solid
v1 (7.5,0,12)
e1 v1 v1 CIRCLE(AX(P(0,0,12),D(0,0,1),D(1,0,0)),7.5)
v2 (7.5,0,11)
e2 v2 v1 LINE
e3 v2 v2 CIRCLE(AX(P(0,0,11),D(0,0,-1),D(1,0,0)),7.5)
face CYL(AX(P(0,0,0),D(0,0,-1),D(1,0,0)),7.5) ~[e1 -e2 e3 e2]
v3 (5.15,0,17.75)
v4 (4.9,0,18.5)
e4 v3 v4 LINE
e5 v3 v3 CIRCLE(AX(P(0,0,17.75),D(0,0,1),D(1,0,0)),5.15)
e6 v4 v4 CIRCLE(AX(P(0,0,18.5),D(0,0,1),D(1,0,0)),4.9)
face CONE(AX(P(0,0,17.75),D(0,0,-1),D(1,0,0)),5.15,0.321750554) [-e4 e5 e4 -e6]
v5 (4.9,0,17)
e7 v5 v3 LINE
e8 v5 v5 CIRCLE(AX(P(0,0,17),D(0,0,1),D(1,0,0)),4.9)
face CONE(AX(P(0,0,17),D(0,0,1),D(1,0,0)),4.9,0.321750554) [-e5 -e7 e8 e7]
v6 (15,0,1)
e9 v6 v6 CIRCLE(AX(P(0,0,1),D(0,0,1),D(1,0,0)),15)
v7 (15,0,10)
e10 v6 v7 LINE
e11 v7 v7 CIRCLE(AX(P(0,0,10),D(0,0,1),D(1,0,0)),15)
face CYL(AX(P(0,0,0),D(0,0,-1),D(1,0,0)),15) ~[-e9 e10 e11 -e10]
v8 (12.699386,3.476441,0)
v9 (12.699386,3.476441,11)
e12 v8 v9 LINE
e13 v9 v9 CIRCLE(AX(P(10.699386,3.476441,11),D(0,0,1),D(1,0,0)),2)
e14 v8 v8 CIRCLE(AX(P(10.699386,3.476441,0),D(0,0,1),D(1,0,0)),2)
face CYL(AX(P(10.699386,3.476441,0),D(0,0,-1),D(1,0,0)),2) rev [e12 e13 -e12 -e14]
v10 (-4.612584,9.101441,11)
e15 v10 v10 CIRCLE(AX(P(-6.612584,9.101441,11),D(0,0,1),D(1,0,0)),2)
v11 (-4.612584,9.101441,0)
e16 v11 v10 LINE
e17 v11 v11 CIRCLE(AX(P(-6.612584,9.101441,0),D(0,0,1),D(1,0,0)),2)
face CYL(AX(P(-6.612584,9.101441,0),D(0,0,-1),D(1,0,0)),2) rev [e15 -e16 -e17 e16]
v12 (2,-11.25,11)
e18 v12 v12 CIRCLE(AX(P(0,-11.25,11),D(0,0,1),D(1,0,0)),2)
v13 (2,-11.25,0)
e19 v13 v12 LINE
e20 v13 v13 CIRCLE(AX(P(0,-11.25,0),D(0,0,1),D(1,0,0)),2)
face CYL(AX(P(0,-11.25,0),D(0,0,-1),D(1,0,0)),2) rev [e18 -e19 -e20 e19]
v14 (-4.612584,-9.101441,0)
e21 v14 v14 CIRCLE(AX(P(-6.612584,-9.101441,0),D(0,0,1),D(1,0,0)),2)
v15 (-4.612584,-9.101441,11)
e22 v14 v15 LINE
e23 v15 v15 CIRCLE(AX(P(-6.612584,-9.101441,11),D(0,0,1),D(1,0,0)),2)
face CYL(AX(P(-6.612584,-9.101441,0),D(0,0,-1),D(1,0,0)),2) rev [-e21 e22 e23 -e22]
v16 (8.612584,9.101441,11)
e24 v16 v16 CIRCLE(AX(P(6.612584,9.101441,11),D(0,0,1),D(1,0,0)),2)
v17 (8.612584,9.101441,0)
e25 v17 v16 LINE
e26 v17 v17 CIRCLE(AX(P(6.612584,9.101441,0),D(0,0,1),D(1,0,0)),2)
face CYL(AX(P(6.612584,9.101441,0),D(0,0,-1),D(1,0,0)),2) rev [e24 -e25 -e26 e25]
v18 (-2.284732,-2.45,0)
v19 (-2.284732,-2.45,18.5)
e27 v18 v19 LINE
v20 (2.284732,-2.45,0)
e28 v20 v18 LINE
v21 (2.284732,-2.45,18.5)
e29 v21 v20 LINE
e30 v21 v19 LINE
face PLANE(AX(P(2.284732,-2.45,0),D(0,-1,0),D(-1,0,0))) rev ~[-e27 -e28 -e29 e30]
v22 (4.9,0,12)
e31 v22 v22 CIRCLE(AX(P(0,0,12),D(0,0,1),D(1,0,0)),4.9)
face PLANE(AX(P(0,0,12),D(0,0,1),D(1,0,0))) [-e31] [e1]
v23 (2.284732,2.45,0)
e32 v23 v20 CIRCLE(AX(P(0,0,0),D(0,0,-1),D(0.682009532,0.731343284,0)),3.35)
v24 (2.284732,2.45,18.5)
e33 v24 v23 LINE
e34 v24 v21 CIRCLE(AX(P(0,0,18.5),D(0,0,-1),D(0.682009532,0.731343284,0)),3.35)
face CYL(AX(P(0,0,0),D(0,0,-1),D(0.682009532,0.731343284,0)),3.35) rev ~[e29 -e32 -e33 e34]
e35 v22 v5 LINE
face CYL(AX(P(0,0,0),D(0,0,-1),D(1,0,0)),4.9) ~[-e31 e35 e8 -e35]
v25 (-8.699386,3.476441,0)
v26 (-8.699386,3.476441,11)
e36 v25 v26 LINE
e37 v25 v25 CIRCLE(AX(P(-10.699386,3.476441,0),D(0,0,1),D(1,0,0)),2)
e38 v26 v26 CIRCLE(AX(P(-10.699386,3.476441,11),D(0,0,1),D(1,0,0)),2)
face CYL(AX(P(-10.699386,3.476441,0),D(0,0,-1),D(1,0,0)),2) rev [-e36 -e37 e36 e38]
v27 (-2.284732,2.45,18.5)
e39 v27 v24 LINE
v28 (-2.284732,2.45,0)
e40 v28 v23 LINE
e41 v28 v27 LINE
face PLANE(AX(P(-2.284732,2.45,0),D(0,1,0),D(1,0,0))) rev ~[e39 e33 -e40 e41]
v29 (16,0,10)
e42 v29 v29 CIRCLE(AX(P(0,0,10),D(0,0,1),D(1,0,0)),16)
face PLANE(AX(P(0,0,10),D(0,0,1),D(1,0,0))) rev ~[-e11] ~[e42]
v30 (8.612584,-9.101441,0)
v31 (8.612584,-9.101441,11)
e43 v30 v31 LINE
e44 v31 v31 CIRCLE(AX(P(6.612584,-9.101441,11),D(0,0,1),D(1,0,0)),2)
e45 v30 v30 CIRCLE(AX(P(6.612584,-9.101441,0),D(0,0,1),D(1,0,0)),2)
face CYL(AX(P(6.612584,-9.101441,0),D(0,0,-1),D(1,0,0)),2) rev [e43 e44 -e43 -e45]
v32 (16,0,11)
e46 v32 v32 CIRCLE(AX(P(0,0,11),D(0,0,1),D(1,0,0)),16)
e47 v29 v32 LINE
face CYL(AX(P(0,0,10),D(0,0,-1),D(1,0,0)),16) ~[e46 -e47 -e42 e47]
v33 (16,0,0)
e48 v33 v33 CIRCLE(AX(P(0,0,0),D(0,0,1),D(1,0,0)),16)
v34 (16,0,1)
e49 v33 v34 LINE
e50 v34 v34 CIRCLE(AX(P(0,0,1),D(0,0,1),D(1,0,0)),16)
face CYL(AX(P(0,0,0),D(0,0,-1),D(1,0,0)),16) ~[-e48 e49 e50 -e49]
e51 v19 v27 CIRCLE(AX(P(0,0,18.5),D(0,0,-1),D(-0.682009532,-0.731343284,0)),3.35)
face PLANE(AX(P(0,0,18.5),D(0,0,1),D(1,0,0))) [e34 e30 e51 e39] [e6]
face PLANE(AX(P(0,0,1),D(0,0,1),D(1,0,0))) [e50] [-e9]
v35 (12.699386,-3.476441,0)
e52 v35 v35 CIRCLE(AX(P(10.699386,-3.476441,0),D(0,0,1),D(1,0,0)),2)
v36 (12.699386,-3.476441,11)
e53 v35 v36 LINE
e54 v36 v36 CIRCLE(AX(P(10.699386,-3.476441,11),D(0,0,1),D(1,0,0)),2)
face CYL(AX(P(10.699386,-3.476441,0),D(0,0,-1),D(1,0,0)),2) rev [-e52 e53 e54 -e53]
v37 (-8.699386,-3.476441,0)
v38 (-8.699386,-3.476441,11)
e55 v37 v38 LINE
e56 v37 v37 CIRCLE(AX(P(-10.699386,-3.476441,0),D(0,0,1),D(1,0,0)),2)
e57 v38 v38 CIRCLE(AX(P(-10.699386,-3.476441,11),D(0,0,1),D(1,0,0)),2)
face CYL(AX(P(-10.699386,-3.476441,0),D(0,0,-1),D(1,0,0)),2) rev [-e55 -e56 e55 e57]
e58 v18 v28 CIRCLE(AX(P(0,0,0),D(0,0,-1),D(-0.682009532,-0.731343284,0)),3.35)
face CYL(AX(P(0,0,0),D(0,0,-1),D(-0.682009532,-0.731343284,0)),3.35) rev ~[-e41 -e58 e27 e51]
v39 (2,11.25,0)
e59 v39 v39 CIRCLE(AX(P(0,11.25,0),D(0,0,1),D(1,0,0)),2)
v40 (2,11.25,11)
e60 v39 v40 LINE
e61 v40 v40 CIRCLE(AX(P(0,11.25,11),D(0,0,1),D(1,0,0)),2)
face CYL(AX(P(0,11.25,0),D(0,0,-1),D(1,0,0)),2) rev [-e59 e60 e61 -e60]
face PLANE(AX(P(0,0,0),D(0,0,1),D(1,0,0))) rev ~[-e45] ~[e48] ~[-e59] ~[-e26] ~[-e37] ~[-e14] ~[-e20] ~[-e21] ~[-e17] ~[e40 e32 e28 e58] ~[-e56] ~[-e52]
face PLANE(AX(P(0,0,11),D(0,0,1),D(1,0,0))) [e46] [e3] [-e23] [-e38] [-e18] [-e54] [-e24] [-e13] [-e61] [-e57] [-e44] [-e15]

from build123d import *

# Parameters (mm, degrees)
F2_R         = 15
F2_R_2       = 2
F2_R_3       = 7.5
F2_R_4       = 4.9
F3_DEPTH     = 11
F4_DEPTH     = 9
F5_DEPTH     = 18.5
F2_R_5       = 16
F10_DEPTH    = 1
F11_START    = 9
F10_FACE_R   = 16
F10_FACE_R_2 = 15
F11_DEPTH    = 1
F12_DEPTH    = 12


with BuildPart() as f3:
    # F2 (on Top) → F3 (new body)
    with BuildSketch(Plane.XY):
        Circle(F2_R)
        with Locations((-6.6125840883, -9.1014411867)):
            Circle(F2_R_2, mode=Mode.SUBTRACT)
        with Locations((-10.6993858083, -3.4764411867)):
            Circle(F2_R_2, mode=Mode.SUBTRACT)
        with Locations((0, -11.25)):
            Circle(F2_R_2, mode=Mode.SUBTRACT)
        with Locations((6.6125840883, -9.1014411867)):
            Circle(F2_R_2, mode=Mode.SUBTRACT)
        with Locations((10.6993858083, -3.4764411867)):
            Circle(F2_R_2, mode=Mode.SUBTRACT)
        with Locations((-10.6993858083, 3.4764411867)):
            Circle(F2_R_2, mode=Mode.SUBTRACT)
        with Locations((-6.6125840883, 9.1014411867)):
            Circle(F2_R_2, mode=Mode.SUBTRACT)
        Circle(F2_R_3, mode=Mode.SUBTRACT)
        with Locations((10.6993858083, 3.4764411867)):
            Circle(F2_R_2, mode=Mode.SUBTRACT)
        with Locations((0, 11.25)):
            Circle(F2_R_2, mode=Mode.SUBTRACT)
        with Locations((6.6125840883, 9.1014411867)):
            Circle(F2_R_2, mode=Mode.SUBTRACT)
        Circle(F2_R_3)
        Circle(F2_R_4, mode=Mode.SUBTRACT)
        Circle(F2_R_4)
        with BuildLine():
            ThreePointArc((-2.2847319318, -2.45), (-3.35, 0), (-2.2847319318, 2.45))
            Line((-2.2847319318, 2.45), (2.2847319318, 2.45))
            ThreePointArc((2.2847319318, 2.45), (3.35, 0), (2.2847319318, -2.45))
            Line((2.2847319318, -2.45), (-2.2847319318, -2.45))
        make_face(mode=Mode.SUBTRACT)
    extrude(amount=F3_DEPTH)

    # F2 (on Top) → F4 (join)
    with BuildSketch(Plane.XY):
        Circle(F2_R_3)
        Circle(F2_R_4, mode=Mode.SUBTRACT)
        Circle(F2_R_4)
        with BuildLine():
            ThreePointArc((-2.2847319318, -2.45), (-3.35, 0), (-2.2847319318, 2.45))
            Line((-2.2847319318, 2.45), (2.2847319318, 2.45))
            ThreePointArc((2.2847319318, 2.45), (3.35, 0), (2.2847319318, -2.45))
            Line((2.2847319318, -2.45), (-2.2847319318, -2.45))
        make_face(mode=Mode.SUBTRACT)
    extrude(amount=F4_DEPTH)

    # F2 (on Top) → F5 (join)
    with BuildSketch(Plane.XY):
        Circle(F2_R_4)
        with BuildLine():
            ThreePointArc((-2.2847319318, -2.45), (-3.35, 0), (-2.2847319318, 2.45))
            Line((-2.2847319318, 2.45), (2.2847319318, 2.45))
            ThreePointArc((2.2847319318, 2.45), (3.35, 0), (2.2847319318, -2.45))
            Line((2.2847319318, -2.45), (-2.2847319318, -2.45))
        make_face(mode=Mode.SUBTRACT)
    extrude(amount=F5_DEPTH)

    # F6 (on Front) → F7 (revolve)
    with BuildSketch(Plane.XZ):
        Polygon((5.15, 17.75), (4.9, 18.5), (4.9, 17), align=None)
    revolve(axis=Axis((0, 0, 8.7542282417), (0, 0, 1)))

    # F2 (on Top) → F10 (join)
    with BuildSketch(Plane.XY):
        Circle(F2_R_5)
        Circle(F2_R, mode=Mode.SUBTRACT)
    extrude(amount=F10_DEPTH)

    # F2 (on Top) + F10_face (on face) → F11 (join)
    with BuildSketch(Plane.XY.offset(F11_START)):
        Circle(F2_R)
        with Locations((-6.6125840883, -9.1014411867)):
            Circle(F2_R_2, mode=Mode.SUBTRACT)
        with Locations((-10.6993858083, -3.4764411867)):
            Circle(F2_R_2, mode=Mode.SUBTRACT)
        with Locations((0, -11.25)):
            Circle(F2_R_2, mode=Mode.SUBTRACT)
        with Locations((6.6125840883, -9.1014411867)):
            Circle(F2_R_2, mode=Mode.SUBTRACT)
        with Locations((10.6993858083, -3.4764411867)):
            Circle(F2_R_2, mode=Mode.SUBTRACT)
        with Locations((-10.6993858083, 3.4764411867)):
            Circle(F2_R_2, mode=Mode.SUBTRACT)
        with Locations((-6.6125840883, 9.1014411867)):
            Circle(F2_R_2, mode=Mode.SUBTRACT)
        Circle(F2_R_3, mode=Mode.SUBTRACT)
        with Locations((10.6993858083, 3.4764411867)):
            Circle(F2_R_2, mode=Mode.SUBTRACT)
        with Locations((0, 11.25)):
            Circle(F2_R_2, mode=Mode.SUBTRACT)
        with Locations((6.6125840883, 9.1014411867)):
            Circle(F2_R_2, mode=Mode.SUBTRACT)
    with BuildSketch(Plane.XY.offset(1).offset(F11_START)):
        Circle(F10_FACE_R)
        Circle(F10_FACE_R_2, mode=Mode.SUBTRACT)
    extrude(amount=F11_DEPTH)

    # F2 (on Top) → F12 (join)
    with BuildSketch(Plane.XY):
        Circle(F2_R_3)
        Circle(F2_R_4, mode=Mode.SUBTRACT)
    extrude(amount=F12_DEPTH)


solid = f3.part
